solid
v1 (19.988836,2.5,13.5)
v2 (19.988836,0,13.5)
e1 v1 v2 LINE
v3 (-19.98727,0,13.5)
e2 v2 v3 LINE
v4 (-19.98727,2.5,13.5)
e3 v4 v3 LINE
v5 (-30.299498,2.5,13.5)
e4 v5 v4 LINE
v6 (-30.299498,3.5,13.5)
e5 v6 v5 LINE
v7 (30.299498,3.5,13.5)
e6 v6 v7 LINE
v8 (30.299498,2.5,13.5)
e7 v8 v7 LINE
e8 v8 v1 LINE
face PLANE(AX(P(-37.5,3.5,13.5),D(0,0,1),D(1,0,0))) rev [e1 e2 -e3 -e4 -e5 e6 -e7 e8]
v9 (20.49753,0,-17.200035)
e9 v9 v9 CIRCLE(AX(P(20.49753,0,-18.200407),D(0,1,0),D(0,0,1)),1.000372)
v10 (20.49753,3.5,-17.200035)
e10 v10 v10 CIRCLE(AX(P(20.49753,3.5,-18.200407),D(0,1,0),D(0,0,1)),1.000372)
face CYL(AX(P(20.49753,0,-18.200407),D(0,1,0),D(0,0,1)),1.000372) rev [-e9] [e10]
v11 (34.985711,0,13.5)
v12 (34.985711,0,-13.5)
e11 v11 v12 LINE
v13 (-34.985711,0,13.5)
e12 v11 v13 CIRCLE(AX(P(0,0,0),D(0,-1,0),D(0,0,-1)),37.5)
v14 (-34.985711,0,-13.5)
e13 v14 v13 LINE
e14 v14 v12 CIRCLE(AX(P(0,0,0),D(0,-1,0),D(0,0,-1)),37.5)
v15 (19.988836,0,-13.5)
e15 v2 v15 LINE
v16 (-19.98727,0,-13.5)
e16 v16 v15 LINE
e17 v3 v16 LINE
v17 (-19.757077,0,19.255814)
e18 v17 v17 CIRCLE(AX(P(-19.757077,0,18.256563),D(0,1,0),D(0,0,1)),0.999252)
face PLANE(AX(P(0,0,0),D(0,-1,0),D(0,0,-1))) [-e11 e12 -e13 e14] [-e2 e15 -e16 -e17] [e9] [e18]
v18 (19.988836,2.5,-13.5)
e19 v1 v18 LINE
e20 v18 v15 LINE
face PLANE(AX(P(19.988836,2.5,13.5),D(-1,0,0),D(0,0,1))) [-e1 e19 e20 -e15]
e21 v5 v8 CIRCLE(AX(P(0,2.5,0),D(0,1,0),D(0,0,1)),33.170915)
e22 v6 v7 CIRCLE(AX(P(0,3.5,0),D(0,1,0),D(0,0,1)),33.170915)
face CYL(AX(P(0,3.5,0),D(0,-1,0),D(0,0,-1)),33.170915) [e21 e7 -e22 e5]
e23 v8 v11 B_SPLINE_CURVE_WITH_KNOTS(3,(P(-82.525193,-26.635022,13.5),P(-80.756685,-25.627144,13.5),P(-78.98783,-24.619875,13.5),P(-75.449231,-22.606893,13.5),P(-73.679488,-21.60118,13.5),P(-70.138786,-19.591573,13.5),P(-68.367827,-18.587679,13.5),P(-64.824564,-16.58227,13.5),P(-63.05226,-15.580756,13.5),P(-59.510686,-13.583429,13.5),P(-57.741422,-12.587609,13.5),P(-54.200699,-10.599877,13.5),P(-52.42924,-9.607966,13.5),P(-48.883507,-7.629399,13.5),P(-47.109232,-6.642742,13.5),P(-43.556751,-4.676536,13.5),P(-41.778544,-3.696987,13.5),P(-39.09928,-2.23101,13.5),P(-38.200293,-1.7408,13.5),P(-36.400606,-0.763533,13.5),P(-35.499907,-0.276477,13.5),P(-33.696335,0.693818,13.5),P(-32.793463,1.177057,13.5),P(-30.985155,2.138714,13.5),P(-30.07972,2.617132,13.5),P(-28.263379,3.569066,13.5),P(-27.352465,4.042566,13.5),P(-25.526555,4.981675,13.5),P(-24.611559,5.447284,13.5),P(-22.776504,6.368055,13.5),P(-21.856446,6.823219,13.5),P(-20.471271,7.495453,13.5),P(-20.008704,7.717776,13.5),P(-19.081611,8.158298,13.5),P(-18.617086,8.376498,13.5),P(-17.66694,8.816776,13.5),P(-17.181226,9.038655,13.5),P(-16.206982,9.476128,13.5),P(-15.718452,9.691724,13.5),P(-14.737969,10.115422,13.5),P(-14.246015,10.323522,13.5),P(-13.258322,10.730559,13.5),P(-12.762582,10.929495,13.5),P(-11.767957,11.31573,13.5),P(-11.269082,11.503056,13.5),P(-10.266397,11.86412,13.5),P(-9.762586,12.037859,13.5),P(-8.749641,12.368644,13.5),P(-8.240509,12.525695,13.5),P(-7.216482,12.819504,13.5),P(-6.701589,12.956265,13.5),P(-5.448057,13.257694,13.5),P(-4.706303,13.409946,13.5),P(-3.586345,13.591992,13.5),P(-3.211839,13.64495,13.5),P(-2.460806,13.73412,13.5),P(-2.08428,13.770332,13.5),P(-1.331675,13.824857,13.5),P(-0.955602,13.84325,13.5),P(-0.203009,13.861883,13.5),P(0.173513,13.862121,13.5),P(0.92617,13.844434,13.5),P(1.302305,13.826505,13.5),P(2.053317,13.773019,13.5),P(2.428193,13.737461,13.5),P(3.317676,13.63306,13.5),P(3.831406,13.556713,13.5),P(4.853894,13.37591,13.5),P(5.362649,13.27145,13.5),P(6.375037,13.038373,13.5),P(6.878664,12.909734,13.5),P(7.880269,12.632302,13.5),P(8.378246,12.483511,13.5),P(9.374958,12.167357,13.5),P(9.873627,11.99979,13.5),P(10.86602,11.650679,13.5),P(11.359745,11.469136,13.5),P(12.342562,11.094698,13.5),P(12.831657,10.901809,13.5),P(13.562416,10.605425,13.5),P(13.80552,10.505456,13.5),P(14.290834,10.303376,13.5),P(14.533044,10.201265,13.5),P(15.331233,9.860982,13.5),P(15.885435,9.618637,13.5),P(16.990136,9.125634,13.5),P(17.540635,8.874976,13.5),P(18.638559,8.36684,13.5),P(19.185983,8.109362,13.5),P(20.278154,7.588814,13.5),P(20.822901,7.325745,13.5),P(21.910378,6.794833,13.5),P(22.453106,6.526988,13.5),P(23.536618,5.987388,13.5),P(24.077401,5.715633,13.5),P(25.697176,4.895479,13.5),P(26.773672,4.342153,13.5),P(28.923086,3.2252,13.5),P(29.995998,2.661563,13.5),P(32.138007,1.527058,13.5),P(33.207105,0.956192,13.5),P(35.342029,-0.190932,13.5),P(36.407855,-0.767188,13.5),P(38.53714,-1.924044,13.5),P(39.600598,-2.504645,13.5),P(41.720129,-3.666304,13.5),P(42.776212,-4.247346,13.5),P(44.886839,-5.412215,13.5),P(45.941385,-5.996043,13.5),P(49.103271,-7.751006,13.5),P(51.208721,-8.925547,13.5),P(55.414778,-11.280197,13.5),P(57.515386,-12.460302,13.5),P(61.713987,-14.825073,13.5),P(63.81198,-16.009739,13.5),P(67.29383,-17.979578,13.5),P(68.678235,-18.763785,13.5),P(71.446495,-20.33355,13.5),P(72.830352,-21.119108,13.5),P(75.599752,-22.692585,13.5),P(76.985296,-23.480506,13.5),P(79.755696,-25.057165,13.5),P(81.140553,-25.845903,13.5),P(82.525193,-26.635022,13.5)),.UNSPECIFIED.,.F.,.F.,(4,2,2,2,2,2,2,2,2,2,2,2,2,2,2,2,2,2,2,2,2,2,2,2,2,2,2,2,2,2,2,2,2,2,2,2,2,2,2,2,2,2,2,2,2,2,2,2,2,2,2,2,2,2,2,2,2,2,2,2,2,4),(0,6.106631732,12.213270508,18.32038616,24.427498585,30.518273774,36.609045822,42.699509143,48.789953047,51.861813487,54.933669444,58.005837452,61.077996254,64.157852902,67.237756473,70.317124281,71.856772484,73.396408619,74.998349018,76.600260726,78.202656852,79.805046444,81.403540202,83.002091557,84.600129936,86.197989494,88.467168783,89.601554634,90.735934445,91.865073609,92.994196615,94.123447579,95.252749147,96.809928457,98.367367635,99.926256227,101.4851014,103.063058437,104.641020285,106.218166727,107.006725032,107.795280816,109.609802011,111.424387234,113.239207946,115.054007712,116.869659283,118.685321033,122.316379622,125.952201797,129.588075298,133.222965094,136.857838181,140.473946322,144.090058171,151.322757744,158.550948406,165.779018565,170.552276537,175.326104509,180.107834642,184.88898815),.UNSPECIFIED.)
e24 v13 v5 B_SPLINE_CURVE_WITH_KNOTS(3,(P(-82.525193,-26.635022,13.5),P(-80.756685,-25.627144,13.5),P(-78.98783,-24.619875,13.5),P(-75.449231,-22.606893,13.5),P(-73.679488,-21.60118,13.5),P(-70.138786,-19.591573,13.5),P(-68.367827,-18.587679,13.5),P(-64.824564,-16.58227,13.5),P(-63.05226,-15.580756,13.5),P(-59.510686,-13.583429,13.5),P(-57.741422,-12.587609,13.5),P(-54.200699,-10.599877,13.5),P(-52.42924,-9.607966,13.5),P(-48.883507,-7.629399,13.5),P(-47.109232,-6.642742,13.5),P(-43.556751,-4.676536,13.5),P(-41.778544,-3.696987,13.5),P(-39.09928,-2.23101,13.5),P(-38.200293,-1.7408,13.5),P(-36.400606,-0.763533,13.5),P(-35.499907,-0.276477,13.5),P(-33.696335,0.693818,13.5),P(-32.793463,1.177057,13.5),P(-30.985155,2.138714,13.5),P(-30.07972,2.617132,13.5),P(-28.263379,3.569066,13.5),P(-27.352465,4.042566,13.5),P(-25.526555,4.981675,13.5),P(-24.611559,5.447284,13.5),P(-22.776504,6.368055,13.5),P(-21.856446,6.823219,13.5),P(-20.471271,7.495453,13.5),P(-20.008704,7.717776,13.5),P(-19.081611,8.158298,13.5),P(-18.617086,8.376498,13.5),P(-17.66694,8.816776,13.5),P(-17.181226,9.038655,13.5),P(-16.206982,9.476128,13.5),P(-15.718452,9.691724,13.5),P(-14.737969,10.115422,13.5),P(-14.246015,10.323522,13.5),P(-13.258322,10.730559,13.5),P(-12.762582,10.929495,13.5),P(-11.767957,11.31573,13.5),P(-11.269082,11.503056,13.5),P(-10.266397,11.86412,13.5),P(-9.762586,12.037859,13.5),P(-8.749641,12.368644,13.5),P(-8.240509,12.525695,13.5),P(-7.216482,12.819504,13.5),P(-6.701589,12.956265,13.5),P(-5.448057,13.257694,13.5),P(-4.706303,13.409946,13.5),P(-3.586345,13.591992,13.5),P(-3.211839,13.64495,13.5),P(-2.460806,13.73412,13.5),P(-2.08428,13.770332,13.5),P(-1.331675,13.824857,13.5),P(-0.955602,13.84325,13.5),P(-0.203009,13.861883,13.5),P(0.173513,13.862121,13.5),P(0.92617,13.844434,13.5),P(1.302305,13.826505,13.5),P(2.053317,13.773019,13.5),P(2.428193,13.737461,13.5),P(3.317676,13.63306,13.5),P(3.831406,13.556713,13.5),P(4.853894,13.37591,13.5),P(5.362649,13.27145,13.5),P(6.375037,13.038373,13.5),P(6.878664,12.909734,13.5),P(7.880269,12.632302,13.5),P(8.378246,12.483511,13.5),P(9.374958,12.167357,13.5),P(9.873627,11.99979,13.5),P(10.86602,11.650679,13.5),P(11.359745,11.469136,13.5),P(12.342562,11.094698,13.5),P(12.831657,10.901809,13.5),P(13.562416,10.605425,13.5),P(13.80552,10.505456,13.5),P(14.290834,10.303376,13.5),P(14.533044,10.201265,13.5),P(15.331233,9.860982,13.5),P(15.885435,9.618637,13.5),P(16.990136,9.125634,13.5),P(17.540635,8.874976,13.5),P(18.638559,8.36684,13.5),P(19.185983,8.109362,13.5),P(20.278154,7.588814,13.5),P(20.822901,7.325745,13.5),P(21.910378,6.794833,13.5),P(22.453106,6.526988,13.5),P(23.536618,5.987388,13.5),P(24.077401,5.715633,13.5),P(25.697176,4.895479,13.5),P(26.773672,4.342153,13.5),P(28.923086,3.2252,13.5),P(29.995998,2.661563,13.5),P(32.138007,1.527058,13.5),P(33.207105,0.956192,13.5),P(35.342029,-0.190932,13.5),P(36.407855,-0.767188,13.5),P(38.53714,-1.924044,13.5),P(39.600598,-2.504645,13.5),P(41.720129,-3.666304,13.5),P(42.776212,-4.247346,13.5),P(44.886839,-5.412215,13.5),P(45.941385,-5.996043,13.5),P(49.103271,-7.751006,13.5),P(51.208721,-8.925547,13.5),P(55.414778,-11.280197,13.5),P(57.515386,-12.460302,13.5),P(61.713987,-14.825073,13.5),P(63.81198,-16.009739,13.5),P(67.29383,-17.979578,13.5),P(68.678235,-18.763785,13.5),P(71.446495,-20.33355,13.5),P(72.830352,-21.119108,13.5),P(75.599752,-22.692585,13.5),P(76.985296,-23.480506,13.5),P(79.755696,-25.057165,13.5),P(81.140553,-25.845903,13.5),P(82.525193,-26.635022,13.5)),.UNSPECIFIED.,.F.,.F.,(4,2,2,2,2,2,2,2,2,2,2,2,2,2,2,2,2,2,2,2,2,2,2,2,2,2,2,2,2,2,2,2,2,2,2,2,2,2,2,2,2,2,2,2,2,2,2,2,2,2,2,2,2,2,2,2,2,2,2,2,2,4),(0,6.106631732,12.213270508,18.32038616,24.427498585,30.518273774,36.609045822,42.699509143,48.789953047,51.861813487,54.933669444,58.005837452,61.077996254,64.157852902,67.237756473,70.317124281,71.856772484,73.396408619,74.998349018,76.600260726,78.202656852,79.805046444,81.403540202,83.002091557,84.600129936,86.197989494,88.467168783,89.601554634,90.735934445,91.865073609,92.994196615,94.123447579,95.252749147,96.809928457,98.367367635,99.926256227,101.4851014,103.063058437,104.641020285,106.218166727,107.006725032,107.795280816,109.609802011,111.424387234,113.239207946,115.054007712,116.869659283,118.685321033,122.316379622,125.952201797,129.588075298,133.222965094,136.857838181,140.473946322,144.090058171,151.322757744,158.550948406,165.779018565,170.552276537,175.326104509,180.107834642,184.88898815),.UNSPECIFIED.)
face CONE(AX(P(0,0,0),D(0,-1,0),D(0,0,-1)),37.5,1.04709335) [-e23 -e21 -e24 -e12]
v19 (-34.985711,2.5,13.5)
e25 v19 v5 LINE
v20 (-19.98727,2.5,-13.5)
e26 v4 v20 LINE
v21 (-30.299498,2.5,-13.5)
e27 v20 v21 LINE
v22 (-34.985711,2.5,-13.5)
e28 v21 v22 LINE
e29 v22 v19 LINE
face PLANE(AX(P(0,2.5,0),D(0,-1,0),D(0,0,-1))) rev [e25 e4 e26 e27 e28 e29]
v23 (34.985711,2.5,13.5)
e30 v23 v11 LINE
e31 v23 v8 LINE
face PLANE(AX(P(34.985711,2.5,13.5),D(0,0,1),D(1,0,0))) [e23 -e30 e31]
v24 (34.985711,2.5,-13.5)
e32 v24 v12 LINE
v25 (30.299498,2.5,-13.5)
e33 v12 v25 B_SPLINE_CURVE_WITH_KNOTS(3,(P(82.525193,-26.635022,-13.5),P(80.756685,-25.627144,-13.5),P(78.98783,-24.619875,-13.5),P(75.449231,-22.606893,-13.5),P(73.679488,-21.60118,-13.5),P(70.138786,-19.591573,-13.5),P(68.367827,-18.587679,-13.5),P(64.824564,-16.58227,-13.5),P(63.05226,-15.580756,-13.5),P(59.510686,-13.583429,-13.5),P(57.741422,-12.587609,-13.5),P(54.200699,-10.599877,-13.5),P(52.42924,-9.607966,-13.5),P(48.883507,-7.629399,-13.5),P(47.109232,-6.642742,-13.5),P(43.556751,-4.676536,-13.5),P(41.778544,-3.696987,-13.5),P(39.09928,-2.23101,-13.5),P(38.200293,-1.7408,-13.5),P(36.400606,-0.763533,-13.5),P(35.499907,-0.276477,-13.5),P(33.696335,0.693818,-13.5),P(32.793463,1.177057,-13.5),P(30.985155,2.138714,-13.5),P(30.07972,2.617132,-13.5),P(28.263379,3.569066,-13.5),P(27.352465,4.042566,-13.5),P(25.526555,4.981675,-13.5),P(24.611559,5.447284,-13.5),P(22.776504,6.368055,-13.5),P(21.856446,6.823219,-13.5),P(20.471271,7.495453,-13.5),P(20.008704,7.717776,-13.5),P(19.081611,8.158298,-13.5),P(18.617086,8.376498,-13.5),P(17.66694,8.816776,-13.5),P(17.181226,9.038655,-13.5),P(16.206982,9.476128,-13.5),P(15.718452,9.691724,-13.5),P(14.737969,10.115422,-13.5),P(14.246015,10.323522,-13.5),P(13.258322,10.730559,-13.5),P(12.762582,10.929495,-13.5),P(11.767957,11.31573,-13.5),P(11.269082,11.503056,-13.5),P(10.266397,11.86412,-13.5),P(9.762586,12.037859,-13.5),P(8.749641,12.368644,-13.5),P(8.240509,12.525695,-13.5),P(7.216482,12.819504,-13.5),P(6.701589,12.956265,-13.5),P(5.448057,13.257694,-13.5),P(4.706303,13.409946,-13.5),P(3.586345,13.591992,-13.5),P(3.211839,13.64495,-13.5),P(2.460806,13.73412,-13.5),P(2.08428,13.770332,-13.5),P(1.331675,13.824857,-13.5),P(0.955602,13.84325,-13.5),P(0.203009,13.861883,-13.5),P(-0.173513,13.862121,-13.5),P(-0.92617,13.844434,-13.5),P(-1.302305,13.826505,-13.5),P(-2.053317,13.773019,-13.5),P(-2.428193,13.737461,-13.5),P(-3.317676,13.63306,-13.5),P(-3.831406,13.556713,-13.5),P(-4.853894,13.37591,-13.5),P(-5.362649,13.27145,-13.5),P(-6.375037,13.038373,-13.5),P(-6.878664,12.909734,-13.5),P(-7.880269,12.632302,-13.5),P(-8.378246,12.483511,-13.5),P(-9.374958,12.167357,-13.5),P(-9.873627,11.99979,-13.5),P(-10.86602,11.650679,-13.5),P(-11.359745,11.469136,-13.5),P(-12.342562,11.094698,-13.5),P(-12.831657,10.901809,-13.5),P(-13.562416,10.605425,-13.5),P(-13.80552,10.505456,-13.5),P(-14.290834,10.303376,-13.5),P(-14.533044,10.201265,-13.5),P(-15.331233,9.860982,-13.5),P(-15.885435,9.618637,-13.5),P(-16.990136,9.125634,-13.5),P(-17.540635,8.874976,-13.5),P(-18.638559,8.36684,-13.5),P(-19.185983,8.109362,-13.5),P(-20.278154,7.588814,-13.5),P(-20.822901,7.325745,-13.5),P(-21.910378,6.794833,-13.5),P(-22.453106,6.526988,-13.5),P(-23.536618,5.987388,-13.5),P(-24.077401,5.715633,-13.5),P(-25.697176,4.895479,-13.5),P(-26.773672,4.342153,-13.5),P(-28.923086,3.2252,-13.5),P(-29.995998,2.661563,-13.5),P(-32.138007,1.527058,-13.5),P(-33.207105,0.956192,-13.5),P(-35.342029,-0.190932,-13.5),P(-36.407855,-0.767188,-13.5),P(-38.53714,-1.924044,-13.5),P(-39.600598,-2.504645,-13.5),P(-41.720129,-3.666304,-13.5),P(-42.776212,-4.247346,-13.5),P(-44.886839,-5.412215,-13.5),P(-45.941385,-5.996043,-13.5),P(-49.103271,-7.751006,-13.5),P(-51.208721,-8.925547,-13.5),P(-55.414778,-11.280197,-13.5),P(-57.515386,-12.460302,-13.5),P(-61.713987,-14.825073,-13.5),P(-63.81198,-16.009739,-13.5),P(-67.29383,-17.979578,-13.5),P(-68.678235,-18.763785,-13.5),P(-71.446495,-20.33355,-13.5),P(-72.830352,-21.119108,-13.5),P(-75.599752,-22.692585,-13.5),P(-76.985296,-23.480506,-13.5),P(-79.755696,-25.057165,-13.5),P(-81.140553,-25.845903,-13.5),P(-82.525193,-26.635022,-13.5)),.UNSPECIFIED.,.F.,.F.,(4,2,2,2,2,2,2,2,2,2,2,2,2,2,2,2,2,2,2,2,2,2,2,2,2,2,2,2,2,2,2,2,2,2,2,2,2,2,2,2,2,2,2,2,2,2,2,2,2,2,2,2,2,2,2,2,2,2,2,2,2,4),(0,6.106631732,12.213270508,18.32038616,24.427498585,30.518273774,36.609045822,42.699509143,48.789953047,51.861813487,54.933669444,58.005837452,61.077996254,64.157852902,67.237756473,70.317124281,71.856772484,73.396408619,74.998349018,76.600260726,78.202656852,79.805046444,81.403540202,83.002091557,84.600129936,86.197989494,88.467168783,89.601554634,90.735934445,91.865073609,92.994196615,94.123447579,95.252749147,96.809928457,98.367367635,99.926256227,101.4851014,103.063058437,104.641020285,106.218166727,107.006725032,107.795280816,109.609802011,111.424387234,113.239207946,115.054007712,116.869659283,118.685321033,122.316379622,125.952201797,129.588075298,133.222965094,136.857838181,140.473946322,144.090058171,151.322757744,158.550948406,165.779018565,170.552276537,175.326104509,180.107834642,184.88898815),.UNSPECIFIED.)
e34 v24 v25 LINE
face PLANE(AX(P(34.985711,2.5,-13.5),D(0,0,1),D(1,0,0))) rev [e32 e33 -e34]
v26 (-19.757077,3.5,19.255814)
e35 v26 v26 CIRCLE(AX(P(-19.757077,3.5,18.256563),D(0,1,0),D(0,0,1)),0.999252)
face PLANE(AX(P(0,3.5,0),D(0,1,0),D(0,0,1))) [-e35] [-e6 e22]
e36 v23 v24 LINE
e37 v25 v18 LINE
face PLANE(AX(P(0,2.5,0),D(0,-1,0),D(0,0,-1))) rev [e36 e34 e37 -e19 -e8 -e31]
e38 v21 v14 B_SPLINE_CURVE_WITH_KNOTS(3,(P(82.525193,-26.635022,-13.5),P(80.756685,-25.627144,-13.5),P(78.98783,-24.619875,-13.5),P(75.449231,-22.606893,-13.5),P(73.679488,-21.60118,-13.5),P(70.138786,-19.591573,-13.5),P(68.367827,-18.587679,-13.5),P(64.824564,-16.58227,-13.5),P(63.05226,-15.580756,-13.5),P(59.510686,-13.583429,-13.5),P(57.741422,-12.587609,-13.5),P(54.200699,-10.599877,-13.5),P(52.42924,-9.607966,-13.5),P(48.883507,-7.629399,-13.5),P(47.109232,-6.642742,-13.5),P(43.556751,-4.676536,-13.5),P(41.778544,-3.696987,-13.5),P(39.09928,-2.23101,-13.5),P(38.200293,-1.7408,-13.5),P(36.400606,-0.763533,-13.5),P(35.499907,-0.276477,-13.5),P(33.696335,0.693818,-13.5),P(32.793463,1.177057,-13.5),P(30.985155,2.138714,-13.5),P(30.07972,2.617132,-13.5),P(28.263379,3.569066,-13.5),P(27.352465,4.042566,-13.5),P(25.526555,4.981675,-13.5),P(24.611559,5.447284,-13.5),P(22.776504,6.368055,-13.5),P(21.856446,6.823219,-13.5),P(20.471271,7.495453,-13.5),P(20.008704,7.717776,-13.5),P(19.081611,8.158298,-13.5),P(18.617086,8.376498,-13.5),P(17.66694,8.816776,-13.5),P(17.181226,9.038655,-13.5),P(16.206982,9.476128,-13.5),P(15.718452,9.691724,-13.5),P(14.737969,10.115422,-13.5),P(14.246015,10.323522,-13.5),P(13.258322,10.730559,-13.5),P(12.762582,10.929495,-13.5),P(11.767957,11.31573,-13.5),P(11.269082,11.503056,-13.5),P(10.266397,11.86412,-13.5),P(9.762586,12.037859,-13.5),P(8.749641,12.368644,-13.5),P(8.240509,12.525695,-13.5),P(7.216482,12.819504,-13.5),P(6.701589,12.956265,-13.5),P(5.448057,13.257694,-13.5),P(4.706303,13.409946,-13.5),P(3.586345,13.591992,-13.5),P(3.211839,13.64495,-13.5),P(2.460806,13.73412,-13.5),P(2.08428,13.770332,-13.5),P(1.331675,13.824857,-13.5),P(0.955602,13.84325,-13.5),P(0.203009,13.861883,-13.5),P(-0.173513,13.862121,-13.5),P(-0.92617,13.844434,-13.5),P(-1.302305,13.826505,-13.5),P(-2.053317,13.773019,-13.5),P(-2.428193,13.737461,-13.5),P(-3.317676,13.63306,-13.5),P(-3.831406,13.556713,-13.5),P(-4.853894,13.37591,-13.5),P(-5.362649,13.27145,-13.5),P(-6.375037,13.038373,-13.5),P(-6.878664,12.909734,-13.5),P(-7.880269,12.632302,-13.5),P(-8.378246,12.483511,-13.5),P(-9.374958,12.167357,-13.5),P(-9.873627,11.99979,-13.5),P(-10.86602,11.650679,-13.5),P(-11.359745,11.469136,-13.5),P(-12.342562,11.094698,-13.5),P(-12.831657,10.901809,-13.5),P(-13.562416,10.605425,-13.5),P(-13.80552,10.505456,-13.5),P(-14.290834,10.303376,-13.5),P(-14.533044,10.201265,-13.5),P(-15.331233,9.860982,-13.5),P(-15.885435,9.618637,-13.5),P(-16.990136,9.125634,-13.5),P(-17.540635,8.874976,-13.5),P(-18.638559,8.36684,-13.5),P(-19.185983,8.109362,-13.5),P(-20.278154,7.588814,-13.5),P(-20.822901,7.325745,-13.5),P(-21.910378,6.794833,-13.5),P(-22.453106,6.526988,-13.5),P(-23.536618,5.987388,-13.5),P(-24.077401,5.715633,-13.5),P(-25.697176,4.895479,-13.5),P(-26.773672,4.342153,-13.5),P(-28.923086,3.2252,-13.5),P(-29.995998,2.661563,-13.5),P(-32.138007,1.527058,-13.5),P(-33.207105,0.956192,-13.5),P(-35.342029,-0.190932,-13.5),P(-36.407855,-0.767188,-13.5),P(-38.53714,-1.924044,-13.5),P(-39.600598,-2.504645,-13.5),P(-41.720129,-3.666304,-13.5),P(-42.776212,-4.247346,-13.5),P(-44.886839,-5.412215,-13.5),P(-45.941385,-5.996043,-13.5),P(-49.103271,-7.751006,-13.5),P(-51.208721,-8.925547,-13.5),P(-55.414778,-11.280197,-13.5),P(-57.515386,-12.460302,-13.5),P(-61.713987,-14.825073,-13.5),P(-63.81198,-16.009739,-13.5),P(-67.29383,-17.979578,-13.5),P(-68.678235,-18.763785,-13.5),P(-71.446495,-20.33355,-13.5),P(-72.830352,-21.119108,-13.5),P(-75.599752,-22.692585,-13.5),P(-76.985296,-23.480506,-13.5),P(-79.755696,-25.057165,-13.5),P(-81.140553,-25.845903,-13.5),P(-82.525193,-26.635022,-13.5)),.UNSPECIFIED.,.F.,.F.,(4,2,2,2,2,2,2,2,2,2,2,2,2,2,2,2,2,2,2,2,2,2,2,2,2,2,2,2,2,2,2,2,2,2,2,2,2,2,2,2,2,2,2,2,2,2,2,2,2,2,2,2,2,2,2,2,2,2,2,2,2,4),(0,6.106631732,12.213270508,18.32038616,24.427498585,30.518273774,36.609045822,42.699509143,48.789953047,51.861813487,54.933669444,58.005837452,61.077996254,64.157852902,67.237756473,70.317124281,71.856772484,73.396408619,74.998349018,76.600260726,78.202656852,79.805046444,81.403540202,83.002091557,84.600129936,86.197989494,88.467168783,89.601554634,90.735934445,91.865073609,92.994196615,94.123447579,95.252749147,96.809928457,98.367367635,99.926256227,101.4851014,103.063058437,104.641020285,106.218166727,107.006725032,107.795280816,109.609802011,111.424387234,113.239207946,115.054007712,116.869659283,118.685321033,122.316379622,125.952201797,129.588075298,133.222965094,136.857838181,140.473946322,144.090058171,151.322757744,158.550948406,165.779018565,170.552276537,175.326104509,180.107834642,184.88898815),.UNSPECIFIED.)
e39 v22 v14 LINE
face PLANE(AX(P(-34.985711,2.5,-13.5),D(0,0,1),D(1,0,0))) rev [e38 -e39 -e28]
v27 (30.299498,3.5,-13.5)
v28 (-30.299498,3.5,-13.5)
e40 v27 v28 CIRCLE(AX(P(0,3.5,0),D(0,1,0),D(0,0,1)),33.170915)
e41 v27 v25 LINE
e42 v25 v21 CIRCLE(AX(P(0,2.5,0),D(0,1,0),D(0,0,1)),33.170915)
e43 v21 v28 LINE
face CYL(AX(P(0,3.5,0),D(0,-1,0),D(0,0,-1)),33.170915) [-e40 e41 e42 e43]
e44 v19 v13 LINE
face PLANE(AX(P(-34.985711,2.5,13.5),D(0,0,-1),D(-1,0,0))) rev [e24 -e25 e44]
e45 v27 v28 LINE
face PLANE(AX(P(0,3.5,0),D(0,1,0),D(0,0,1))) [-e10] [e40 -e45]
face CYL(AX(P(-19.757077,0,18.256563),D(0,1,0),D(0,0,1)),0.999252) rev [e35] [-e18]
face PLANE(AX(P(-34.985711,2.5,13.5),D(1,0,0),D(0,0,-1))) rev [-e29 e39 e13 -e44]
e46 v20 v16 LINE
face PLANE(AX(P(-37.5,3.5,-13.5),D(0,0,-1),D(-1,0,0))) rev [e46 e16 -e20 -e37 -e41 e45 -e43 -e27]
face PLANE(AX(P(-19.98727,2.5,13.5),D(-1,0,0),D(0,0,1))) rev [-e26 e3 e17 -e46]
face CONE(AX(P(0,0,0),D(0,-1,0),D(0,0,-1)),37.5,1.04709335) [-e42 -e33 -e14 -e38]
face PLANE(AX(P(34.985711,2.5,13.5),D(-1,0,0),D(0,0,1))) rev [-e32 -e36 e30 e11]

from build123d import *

# Parameters (mm, degrees)
SKETCH7_R           = 33.17091481
BOSS_EXTRUDE2_DEPTH = 1
SKETCH13_W          = 75
SKETCH13_H          = 27
CUT_EXTRUDE2_DEPTH  = 54.148377209
SKETCH18_W          = 14.996875164
SKETCH18_H          = 27
BOSS_EXTRUDE4_DEPTH = 2.5
SKETCH18_3_W        = 14.996875164
SKETCH18_3_H        = 27
SKETCH18_3_W_2      = 14.998441489
BOSS_EXTRUDE5_DEPTH = 2.5
SKETCH20_R          = 0.999251596
SKETCH20_R_2        = 1.000371823
CUT_EXTRUDE3_DEPTH  = 52.40525265


with BuildPart() as part:
    # Sketch3 → Revolve1 (revolve)
    with BuildSketch(Plane.XY):
        Polygon((0, 0), (37.5, 0), (33.17091481, 2.5), (0, 2.5), align=None)
    revolve(axis=Axis((0, 0, 0), (0, 1, 0)))

    # Sketch7 → Boss-Extrude2 (add)
    with BuildSketch(Plane(origin=(0, 2.5, 0), x_dir=(1, 0, 0), z_dir=(0, 1, 0))):
        Circle(SKETCH7_R)
    extrude(amount=BOSS_EXTRUDE2_DEPTH)

    # Sketch13 → Cut-Extrude2 (cut, through all)
    with BuildSketch(Plane.XZ):
        Rectangle(SKETCH13_W, SKETCH13_H)
    extrude(amount=-CUT_EXTRUDE2_DEPTH, mode=Mode.SUBTRACT)


with BuildPart() as cut_extrude2_piece_1:
    # of the separate pieces the step leaves, piece 1, a body of its own (cut_extrude2_pieces)
    add(part.part.solids().sort_by_distance((-34.985711369, 0, 13.5))[0])



with BuildPart() as cut_extrude2_piece_2:
    # of the separate pieces the step leaves, piece 2, a body of its own (cut_extrude2_pieces)
    add(part.part.solids().sort_by_distance((34.985711369, 0, -13.5))[0])


with BuildPart() as cut_extrude2_piece_1_1:
    add(cut_extrude2_piece_1.part)

    add(cut_extrude2_piece_2.part)  # Boss-Extrude4 merges Cut-Extrude2 piece 2
    # Sketch18 → Boss-Extrude4 (add)
    with BuildSketch(Plane(origin=(0, 0, 0), x_dir=(1, 0, 0), z_dir=(0, 1, 0))):
        with Locations((27.487273787, 0)):
            Rectangle(SKETCH18_W, SKETCH18_H)
    extrude(amount=BOSS_EXTRUDE4_DEPTH)

    # Sketch18<3> → Boss-Extrude5 (add)
    with BuildSketch(Plane(origin=(0, 0, 0), x_dir=(1, 0, 0), z_dir=(0, 1, 0))):
        with Locations((27.487273787, 0)):
            Rectangle(SKETCH18_3_W, SKETCH18_3_H)
        with Locations((-27.486490625, 0)):
            Rectangle(SKETCH18_3_W_2, SKETCH18_3_H)
    extrude(amount=BOSS_EXTRUDE5_DEPTH)

    # Sketch20 → Cut-Extrude3 (cut, through all)
    with BuildSketch(Plane(origin=(0, 3.5, 0), x_dir=(1, 0, 0), z_dir=(0, 1, 0))):
        with Locations((-19.757076847, -18.256562674)):
            Circle(SKETCH20_R)
        with Locations((20.497529554, 18.200406752)):
            Circle(SKETCH20_R_2)
    extrude(amount=-CUT_EXTRUDE3_DEPTH, mode=Mode.SUBTRACT)


solid = cut_extrude2_piece_1_1.part
